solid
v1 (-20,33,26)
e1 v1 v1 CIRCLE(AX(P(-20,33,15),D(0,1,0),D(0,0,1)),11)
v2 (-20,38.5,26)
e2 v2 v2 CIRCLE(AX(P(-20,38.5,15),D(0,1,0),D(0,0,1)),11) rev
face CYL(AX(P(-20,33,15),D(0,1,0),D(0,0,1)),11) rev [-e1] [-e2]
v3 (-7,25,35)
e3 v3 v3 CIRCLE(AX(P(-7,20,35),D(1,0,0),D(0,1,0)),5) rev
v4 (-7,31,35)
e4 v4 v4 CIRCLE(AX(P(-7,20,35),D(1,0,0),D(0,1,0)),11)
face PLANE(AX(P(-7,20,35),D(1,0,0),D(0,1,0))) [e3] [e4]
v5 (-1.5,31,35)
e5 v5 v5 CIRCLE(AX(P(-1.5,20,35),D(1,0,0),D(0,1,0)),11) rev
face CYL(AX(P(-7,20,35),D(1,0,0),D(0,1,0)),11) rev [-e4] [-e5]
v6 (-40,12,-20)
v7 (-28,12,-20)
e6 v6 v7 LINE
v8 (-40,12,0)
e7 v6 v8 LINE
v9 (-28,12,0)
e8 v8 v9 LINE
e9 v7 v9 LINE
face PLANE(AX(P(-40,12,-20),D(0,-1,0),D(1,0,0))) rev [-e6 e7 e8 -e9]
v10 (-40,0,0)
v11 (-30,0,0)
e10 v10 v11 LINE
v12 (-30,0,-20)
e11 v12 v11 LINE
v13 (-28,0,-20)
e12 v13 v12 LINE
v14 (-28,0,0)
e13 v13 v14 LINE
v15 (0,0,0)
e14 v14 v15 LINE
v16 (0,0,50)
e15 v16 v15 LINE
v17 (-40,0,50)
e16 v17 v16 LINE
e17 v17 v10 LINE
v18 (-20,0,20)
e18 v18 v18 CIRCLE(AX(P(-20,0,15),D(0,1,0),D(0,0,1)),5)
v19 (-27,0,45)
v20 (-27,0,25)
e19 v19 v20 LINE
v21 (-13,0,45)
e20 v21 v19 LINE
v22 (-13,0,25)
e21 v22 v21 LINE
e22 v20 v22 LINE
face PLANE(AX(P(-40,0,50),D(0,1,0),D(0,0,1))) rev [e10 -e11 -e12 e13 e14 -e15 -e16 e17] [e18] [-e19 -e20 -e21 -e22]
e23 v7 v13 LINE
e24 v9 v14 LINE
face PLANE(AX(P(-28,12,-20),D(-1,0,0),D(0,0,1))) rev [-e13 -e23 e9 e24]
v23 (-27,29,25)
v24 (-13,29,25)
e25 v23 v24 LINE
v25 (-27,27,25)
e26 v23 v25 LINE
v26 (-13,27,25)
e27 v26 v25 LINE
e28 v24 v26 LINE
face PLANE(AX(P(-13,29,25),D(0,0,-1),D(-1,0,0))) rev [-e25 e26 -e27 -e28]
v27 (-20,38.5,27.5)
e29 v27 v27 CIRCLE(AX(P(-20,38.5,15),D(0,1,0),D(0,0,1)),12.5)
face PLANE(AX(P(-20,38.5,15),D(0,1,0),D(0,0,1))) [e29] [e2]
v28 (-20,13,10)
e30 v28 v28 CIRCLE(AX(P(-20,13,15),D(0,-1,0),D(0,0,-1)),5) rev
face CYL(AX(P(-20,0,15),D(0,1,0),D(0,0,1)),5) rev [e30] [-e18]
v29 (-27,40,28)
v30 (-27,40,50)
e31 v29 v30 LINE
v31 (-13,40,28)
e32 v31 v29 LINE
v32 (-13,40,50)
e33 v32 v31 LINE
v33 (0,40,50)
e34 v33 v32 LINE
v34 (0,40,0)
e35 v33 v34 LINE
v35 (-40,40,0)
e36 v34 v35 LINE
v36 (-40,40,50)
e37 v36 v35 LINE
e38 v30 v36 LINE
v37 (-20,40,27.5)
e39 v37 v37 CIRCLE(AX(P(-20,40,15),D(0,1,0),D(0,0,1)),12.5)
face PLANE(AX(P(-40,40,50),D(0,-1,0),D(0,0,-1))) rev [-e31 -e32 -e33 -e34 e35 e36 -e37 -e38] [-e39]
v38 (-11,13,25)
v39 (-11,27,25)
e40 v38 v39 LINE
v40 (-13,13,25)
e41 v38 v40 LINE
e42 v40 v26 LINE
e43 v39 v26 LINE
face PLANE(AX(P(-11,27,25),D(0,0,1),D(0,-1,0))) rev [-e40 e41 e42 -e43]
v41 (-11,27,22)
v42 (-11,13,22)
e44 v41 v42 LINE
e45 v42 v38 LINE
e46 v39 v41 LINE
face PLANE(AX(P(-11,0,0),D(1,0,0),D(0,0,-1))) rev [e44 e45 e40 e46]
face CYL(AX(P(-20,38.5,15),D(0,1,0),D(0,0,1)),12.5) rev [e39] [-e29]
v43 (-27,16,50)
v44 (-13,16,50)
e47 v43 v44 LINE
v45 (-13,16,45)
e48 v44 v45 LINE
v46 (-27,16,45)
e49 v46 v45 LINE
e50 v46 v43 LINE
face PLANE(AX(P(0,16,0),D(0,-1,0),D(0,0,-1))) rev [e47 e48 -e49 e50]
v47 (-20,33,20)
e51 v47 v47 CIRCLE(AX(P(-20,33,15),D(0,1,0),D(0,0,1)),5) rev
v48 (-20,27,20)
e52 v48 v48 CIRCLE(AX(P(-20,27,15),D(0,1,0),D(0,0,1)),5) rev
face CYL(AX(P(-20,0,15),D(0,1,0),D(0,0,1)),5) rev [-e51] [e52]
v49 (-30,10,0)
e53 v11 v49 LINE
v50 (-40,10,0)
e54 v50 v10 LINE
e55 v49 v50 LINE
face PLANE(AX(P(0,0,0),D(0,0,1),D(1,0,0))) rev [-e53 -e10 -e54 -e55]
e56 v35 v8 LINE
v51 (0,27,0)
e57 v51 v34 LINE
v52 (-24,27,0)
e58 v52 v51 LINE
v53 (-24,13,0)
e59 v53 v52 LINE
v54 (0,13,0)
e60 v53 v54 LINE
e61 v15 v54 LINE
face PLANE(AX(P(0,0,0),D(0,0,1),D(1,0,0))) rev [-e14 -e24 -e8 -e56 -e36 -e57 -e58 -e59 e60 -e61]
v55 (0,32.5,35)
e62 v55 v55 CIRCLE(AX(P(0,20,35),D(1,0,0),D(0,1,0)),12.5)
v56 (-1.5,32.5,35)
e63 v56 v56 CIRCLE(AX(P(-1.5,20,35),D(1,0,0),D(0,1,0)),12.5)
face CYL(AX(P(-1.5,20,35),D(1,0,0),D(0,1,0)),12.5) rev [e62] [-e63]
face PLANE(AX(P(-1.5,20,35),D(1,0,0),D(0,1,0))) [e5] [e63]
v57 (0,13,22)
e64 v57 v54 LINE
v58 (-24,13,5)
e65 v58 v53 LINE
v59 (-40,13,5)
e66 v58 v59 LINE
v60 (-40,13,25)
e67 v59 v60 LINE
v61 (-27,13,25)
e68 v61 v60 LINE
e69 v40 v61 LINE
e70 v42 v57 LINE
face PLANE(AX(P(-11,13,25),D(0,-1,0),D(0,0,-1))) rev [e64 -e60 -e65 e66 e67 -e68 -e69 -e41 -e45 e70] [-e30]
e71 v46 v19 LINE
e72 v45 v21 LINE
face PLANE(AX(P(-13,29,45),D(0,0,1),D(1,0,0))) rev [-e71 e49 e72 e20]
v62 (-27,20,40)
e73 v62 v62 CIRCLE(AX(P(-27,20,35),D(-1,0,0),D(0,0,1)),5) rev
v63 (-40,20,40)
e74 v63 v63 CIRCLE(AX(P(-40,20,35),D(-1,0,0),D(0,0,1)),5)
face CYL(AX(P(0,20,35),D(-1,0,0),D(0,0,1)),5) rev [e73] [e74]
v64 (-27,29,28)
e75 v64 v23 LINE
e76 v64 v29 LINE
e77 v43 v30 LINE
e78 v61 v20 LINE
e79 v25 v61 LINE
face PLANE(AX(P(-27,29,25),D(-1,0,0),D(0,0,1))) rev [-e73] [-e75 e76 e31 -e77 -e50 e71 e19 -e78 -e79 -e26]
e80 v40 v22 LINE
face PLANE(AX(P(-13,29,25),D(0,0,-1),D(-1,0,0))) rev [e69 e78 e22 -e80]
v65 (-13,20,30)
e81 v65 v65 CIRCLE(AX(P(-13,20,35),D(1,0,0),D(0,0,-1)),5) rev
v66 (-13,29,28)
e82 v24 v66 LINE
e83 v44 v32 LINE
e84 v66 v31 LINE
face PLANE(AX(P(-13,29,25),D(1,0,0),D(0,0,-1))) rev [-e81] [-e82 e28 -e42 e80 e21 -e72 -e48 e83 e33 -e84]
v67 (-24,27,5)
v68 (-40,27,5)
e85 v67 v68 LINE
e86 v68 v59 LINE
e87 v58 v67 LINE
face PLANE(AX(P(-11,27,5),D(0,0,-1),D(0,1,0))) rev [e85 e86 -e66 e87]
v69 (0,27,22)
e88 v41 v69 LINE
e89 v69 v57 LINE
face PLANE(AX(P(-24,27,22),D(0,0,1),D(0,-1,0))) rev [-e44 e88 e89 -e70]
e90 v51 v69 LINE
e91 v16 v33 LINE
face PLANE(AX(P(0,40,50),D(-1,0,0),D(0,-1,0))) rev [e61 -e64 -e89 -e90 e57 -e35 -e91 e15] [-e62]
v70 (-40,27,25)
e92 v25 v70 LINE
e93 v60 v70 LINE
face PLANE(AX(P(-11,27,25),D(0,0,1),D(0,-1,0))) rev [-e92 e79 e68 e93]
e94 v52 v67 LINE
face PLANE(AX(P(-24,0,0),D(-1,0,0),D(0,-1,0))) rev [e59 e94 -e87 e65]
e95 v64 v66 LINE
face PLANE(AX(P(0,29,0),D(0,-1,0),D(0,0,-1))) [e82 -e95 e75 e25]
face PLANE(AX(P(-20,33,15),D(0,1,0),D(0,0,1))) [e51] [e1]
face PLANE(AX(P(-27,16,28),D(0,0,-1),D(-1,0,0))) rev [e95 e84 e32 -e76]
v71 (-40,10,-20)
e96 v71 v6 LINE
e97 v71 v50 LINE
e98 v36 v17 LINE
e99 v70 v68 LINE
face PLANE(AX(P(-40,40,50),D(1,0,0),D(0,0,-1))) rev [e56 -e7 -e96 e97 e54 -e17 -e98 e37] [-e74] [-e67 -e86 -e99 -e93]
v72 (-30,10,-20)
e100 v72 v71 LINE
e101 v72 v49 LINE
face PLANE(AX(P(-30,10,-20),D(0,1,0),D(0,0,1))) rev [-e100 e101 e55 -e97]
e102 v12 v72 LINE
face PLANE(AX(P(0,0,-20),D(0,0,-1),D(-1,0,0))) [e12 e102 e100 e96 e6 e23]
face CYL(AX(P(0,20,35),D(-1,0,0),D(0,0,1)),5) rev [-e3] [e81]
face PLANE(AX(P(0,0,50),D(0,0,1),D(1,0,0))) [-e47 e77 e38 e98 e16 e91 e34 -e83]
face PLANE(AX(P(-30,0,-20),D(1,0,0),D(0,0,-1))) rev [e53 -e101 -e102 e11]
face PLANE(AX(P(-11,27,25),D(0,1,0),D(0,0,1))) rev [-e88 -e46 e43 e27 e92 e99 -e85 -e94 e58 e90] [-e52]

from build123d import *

# Parameters (mm, degrees)
ESQUISSE1_W              = 40
ESQUISSE1_H              = 40
BOSS_EXTRU_1_DEPTH       = 50
ESQUISSE2_R              = 5
ENL_V_MAT_EXTRU_1_DEPTH  = 41
ESQUISSE3_R              = 5
ENL_V_MAT_EXTRU_2_DEPTH  = 41
ESQUISSE4_W              = 20
ESQUISSE4_H              = 14
ENL_V_MAT_EXTRU_3_DEPTH  = 29
ESQUISSE5_W              = 14
ESQUISSE5_H              = 20
ENL_V_MAT_EXTRU_4_DEPTH  = 29
ESQUISSE6_W              = 22
ESQUISSE6_H              = 14
ENL_V_MAT_EXTRU_5_DEPTH  = 24
ESQUISSE7_W              = 14
ESQUISSE7_H              = 22
ENL_V_MAT_EXTRU_6_DEPTH  = 24
ESQUISSE8_R              = 11
ENL_V_MAT_EXTRU_7_DEPTH  = 7
ESQUISSE9_R              = 12.5
ENL_V_MAT_EXTRU_8_DEPTH  = 1.5
ESQUISSE10_R             = 11
ENL_V_MAT_EXTRU_9_DEPTH  = 7
ESQUISSE11_R             = 12.5
ENL_V_MAT_EXTRU_10_DEPTH = 1.5
BOSS_EXTRU_2_DEPTH       = 20


with BuildPart() as part:
    # Esquisse1 → Boss.-Extru.1 (new body)
    with BuildSketch(Plane.XY):
        with Locations((-20, 20)):
            Rectangle(ESQUISSE1_W, ESQUISSE1_H)
    extrude(amount=BOSS_EXTRU_1_DEPTH)

    # Esquisse2 → Enlèv. mat.-Extru.1 (cut, through all)
    with BuildSketch(Plane(origin=(0, 40, 0), x_dir=(1, 0, 0), z_dir=(0, 1, 0))):
        with Locations(Location((-20, -15, 0), (0, 0, 270))):  # turned: the seam where the file's is
            Circle(ESQUISSE2_R)
    extrude(amount=-ENL_V_MAT_EXTRU_1_DEPTH, mode=Mode.SUBTRACT)

    # Esquisse3 → Enlèv. mat.-Extru.2 (cut, through all)
    with BuildSketch(Plane.ZY.offset(40)):
        with Locations((35, 20)):
            Circle(ESQUISSE3_R)
    extrude(amount=-ENL_V_MAT_EXTRU_2_DEPTH, mode=Mode.SUBTRACT)

    # Esquisse4 → Enlèv. mat.-Extru.3 (cut)
    with BuildSketch(Plane.ZY.offset(40)):
        with Locations((15, 20)):
            Rectangle(ESQUISSE4_W, ESQUISSE4_H)
    extrude(amount=-ENL_V_MAT_EXTRU_3_DEPTH, mode=Mode.SUBTRACT)

    # Esquisse5 → Enlèv. mat.-Extru.4 (cut)
    with BuildSketch(Plane.XZ):
        with Locations((-20, 35)):
            Rectangle(ESQUISSE5_W, ESQUISSE5_H)
    extrude(amount=-ENL_V_MAT_EXTRU_4_DEPTH, mode=Mode.SUBTRACT)

    # Esquisse6 → Enlèv. mat.-Extru.5 (cut)
    with BuildSketch(Plane(origin=(0, 0, 0), x_dir=(0, 0, -1), z_dir=(1, 0, 0))):
        with Locations((-11, 20)):
            Rectangle(ESQUISSE6_W, ESQUISSE6_H)
    extrude(amount=-ENL_V_MAT_EXTRU_5_DEPTH, mode=Mode.SUBTRACT)

    # Esquisse7 → Enlèv. mat.-Extru.6 (cut)
    with BuildSketch(Plane(origin=(0, 40, 0), x_dir=(1, 0, 0), z_dir=(0, 1, 0))):
        with Locations((-20, -39)):
            Rectangle(ESQUISSE7_W, ESQUISSE7_H)
    extrude(amount=-ENL_V_MAT_EXTRU_6_DEPTH, mode=Mode.SUBTRACT)

    # Esquisse8 → Enlèv. mat.-Extru.7 (cut)
    with BuildSketch(Plane(origin=(0, 0, 0), x_dir=(0, 0, -1), z_dir=(1, 0, 0))):
        with Locations(Location((-35, 20, 0), (0, 0, 90))):  # turned: the seam where the file's is
            Circle(ESQUISSE8_R)
    extrude(amount=-ENL_V_MAT_EXTRU_7_DEPTH, mode=Mode.SUBTRACT)

    # Esquisse9 → Enlèv. mat.-Extru.8 (cut)
    with BuildSketch(Plane(origin=(0, 0, 0), x_dir=(0, 0, -1), z_dir=(1, 0, 0))):
        with Locations(Location((-35, 20, 0), (0, 0, 90))):  # turned: the seam where the file's is
            Circle(ESQUISSE9_R)
    extrude(amount=-ENL_V_MAT_EXTRU_8_DEPTH, mode=Mode.SUBTRACT)

    # Esquisse10 → Enlèv. mat.-Extru.9 (cut)
    with BuildSketch(Plane(origin=(0, 40, 0), x_dir=(1, 0, 0), z_dir=(0, 1, 0))):
        with Locations(Location((-20, -15, 0), (0, 0, 270))):  # turned: the seam where the file's is
            Circle(ESQUISSE10_R)
    extrude(amount=-ENL_V_MAT_EXTRU_9_DEPTH, mode=Mode.SUBTRACT)

    # Esquisse11 → Enlèv. mat.-Extru.10 (cut)
    with BuildSketch(Plane(origin=(0, 40, 0), x_dir=(1, 0, 0), z_dir=(0, 1, 0))):
        with Locations(Location((-20, -15, 0), (0, 0, 270))):  # turned: the seam where the file's is
            Circle(ESQUISSE11_R)
    extrude(amount=-ENL_V_MAT_EXTRU_10_DEPTH, mode=Mode.SUBTRACT)

    # Esquisse12 → Boss.-Extru.2 (add)
    with BuildSketch(Plane(origin=(0, 0, 0), x_dir=(-1, 0, 0), z_dir=(0, 0, -1))):
        Polygon((40, 12), (28, 12), (28, 0), (30, 0), (30, 10), (40, 10), align=None)
    extrude(amount=BOSS_EXTRU_2_DEPTH)


solid = part.part
